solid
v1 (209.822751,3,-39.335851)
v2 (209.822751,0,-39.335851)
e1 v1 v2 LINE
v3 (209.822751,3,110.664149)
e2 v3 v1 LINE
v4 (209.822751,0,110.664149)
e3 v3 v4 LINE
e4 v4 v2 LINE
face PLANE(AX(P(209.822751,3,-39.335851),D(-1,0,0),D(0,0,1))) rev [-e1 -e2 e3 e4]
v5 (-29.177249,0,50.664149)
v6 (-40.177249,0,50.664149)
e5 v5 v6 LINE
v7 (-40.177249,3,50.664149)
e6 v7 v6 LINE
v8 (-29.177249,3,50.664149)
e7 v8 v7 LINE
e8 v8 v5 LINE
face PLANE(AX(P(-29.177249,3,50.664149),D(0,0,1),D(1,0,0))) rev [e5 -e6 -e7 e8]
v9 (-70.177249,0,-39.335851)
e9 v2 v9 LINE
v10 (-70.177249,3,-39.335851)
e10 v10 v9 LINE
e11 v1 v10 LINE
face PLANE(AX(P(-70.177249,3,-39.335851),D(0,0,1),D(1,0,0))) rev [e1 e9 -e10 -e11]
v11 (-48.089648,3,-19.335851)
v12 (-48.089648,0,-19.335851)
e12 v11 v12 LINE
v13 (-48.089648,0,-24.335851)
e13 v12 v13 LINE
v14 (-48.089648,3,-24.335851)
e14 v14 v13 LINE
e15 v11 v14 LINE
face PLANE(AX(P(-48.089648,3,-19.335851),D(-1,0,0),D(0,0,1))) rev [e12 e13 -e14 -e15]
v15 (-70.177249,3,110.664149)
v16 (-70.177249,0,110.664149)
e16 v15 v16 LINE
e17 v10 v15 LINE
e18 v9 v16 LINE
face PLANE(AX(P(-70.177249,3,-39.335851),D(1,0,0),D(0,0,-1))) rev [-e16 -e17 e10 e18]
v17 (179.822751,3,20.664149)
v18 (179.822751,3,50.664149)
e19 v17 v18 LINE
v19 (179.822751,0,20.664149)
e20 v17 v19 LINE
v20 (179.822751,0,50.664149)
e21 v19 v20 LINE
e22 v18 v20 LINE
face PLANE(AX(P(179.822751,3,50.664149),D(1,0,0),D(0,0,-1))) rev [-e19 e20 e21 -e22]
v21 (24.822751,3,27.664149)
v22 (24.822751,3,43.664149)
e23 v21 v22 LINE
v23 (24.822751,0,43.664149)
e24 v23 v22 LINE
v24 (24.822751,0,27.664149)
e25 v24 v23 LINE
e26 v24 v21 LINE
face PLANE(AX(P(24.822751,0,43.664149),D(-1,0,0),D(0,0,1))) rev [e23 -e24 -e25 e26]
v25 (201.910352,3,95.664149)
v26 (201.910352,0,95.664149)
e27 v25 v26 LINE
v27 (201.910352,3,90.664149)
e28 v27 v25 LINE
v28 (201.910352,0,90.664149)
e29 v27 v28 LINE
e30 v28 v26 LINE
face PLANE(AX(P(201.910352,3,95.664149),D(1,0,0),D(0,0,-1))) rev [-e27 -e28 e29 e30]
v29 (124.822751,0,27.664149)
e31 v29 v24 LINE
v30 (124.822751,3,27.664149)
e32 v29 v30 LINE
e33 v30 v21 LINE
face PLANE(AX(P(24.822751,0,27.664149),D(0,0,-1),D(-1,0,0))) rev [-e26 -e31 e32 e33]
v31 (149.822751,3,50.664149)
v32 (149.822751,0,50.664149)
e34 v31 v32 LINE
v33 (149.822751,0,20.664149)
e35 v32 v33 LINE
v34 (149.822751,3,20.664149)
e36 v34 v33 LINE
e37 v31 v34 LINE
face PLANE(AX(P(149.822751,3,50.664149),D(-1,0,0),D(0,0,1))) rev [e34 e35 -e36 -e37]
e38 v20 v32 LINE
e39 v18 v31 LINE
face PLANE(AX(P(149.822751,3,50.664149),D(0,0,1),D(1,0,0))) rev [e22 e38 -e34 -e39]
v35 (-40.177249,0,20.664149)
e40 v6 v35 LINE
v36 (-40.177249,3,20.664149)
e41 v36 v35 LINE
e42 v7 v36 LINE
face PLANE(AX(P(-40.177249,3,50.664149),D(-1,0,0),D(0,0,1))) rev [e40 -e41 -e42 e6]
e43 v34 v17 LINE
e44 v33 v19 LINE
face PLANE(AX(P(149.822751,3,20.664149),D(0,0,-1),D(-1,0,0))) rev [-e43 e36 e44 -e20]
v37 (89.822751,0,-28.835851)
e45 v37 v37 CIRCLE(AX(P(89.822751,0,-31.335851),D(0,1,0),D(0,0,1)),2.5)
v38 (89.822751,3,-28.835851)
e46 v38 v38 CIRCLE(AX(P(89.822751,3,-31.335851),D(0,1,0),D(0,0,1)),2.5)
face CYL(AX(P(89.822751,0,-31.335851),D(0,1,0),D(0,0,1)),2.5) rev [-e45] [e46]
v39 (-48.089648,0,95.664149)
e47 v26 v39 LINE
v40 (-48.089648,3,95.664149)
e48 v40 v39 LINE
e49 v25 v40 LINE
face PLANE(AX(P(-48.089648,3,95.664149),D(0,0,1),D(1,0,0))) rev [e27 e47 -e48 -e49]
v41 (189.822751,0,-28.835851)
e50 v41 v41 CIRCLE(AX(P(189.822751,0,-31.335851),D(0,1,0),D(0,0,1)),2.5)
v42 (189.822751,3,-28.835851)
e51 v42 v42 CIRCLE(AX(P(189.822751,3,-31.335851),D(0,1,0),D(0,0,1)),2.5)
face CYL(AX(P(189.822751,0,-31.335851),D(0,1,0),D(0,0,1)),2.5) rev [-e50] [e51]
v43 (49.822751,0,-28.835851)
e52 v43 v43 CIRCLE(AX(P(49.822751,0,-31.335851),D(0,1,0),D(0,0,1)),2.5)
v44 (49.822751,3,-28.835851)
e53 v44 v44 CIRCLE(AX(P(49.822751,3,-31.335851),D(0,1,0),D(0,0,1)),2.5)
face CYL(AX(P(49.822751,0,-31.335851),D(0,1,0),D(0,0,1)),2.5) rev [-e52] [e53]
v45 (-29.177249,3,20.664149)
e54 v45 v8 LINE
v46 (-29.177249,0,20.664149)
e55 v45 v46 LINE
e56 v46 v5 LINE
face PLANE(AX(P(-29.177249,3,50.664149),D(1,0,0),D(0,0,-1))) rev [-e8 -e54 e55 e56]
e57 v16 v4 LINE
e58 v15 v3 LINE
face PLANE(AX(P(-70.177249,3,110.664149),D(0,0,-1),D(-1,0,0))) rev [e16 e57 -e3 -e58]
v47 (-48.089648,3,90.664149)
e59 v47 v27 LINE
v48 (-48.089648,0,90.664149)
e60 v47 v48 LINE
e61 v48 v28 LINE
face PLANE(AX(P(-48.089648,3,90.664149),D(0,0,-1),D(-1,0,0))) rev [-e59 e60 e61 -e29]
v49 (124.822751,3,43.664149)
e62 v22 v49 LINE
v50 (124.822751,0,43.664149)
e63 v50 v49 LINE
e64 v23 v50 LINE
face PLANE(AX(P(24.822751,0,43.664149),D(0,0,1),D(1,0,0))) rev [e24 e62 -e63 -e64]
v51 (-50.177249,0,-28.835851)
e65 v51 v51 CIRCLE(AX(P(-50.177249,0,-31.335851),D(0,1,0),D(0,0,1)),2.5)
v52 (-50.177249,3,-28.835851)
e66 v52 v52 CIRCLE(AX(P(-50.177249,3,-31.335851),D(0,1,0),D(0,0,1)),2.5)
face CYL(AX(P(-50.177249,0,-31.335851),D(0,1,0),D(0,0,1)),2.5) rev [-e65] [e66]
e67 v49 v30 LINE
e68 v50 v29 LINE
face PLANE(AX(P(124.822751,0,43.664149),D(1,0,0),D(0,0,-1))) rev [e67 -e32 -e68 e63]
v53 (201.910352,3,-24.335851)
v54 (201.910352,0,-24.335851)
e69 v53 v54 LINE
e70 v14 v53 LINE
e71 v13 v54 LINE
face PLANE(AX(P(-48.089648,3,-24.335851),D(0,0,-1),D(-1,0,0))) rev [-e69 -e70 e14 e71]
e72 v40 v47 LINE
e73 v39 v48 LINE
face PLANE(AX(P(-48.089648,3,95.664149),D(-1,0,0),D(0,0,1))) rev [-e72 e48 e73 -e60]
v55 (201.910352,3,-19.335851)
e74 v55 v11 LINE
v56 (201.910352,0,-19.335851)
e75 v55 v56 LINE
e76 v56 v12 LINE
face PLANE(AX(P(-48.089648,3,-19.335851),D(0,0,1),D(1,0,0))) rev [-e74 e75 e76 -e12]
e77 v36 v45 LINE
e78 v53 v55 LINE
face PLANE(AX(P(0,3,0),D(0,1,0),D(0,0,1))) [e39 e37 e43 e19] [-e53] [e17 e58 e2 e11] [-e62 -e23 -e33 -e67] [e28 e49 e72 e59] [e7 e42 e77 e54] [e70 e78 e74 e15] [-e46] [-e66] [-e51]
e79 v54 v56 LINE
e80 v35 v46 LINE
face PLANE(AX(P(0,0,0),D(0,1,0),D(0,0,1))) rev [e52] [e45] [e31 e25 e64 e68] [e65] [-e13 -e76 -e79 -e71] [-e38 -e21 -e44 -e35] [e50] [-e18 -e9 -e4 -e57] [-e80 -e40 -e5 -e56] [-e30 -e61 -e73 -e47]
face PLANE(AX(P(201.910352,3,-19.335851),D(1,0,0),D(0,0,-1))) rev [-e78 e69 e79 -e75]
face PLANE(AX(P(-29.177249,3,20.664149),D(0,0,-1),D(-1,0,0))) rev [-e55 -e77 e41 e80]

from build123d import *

# Parameters (mm, degrees)
SKETCH_1_W          = 280
SKETCH_1_H          = 150
EXTRUDE_1_DEPTH     = 3
SKETCH_2_W          = 100
SKETCH_2_H          = 16
CUT_EXTRUDE_1_DEPTH = 3
SKETCH_3_W          = 250
SKETCH_3_H          = 5
CUT_EXTRUDE_2_DEPTH = 3
SKETCH_4_R          = 2.5
CUT_EXTRUDE_3_DEPTH = 3
SKETCH_5_W          = 30
SKETCH_5_H          = 30
SKETCH_5_W_2        = 11
CUT_EXTRUDE_4_DEPTH = 3


with BuildPart() as part:
    # 草图1 → 凸台-拉伸1 (new body)
    with BuildSketch(Plane(origin=(0, 0, 0), x_dir=(1, 0, 0), z_dir=(0, 1, 0))):
        with Locations((69.822750754, -35.664148933)):
            Rectangle(SKETCH_1_W, SKETCH_1_H)
    extrude(amount=EXTRUDE_1_DEPTH)

    # 草图2 → 切除-拉伸1 (cut)
    with BuildSketch(Plane(origin=(0, 3, 0), x_dir=(1, 0, 0), z_dir=(0, 1, 0))):
        with Locations((74.822750754, -35.664148933)):
            Rectangle(SKETCH_2_W, SKETCH_2_H)
    extrude(amount=-CUT_EXTRUDE_1_DEPTH, mode=Mode.SUBTRACT)

    # 草图3 → 切除-拉伸2 (cut)
    with BuildSketch(Plane.XZ):
        with Locations((76.910352346, 93.164148933)):
            Rectangle(SKETCH_3_W, SKETCH_3_H)
        with Locations((76.910352346, -21.835851067)):
            Rectangle(SKETCH_3_W, SKETCH_3_H)
    extrude(amount=-CUT_EXTRUDE_2_DEPTH, mode=Mode.SUBTRACT)

    # 草图4 → 切除-拉伸3 (cut)
    with BuildSketch(Plane(origin=(0, 3, 0), x_dir=(1, 0, 0), z_dir=(0, 1, 0))):
        with Locations(Location((-50.177249246, 31.335851067, 0), (0, 0, 270))):
            Circle(SKETCH_4_R)
        with Locations(Location((49.822750754, 31.335851067, 0), (0, 0, 270))):
            Circle(SKETCH_4_R)
        with Locations(Location((189.822750754, 31.335851067, 0), (0, 0, 270))):
            Circle(SKETCH_4_R)
        with Locations(Location((89.822750754, 31.335851067, 0), (0, 0, 270))):
            Circle(SKETCH_4_R)
    extrude(amount=-CUT_EXTRUDE_3_DEPTH, mode=Mode.SUBTRACT)

    # 草图5 → 切除-拉伸4 (cut)
    with BuildSketch(Plane.XZ):
        with Locations((164.822750754, 35.664148933)):
            Rectangle(SKETCH_5_W, SKETCH_5_H)
        with Locations((-34.677249246, 35.664148933)):
            Rectangle(SKETCH_5_W_2, SKETCH_5_H)
    extrude(amount=-CUT_EXTRUDE_4_DEPTH, mode=Mode.SUBTRACT)


solid = part.part
